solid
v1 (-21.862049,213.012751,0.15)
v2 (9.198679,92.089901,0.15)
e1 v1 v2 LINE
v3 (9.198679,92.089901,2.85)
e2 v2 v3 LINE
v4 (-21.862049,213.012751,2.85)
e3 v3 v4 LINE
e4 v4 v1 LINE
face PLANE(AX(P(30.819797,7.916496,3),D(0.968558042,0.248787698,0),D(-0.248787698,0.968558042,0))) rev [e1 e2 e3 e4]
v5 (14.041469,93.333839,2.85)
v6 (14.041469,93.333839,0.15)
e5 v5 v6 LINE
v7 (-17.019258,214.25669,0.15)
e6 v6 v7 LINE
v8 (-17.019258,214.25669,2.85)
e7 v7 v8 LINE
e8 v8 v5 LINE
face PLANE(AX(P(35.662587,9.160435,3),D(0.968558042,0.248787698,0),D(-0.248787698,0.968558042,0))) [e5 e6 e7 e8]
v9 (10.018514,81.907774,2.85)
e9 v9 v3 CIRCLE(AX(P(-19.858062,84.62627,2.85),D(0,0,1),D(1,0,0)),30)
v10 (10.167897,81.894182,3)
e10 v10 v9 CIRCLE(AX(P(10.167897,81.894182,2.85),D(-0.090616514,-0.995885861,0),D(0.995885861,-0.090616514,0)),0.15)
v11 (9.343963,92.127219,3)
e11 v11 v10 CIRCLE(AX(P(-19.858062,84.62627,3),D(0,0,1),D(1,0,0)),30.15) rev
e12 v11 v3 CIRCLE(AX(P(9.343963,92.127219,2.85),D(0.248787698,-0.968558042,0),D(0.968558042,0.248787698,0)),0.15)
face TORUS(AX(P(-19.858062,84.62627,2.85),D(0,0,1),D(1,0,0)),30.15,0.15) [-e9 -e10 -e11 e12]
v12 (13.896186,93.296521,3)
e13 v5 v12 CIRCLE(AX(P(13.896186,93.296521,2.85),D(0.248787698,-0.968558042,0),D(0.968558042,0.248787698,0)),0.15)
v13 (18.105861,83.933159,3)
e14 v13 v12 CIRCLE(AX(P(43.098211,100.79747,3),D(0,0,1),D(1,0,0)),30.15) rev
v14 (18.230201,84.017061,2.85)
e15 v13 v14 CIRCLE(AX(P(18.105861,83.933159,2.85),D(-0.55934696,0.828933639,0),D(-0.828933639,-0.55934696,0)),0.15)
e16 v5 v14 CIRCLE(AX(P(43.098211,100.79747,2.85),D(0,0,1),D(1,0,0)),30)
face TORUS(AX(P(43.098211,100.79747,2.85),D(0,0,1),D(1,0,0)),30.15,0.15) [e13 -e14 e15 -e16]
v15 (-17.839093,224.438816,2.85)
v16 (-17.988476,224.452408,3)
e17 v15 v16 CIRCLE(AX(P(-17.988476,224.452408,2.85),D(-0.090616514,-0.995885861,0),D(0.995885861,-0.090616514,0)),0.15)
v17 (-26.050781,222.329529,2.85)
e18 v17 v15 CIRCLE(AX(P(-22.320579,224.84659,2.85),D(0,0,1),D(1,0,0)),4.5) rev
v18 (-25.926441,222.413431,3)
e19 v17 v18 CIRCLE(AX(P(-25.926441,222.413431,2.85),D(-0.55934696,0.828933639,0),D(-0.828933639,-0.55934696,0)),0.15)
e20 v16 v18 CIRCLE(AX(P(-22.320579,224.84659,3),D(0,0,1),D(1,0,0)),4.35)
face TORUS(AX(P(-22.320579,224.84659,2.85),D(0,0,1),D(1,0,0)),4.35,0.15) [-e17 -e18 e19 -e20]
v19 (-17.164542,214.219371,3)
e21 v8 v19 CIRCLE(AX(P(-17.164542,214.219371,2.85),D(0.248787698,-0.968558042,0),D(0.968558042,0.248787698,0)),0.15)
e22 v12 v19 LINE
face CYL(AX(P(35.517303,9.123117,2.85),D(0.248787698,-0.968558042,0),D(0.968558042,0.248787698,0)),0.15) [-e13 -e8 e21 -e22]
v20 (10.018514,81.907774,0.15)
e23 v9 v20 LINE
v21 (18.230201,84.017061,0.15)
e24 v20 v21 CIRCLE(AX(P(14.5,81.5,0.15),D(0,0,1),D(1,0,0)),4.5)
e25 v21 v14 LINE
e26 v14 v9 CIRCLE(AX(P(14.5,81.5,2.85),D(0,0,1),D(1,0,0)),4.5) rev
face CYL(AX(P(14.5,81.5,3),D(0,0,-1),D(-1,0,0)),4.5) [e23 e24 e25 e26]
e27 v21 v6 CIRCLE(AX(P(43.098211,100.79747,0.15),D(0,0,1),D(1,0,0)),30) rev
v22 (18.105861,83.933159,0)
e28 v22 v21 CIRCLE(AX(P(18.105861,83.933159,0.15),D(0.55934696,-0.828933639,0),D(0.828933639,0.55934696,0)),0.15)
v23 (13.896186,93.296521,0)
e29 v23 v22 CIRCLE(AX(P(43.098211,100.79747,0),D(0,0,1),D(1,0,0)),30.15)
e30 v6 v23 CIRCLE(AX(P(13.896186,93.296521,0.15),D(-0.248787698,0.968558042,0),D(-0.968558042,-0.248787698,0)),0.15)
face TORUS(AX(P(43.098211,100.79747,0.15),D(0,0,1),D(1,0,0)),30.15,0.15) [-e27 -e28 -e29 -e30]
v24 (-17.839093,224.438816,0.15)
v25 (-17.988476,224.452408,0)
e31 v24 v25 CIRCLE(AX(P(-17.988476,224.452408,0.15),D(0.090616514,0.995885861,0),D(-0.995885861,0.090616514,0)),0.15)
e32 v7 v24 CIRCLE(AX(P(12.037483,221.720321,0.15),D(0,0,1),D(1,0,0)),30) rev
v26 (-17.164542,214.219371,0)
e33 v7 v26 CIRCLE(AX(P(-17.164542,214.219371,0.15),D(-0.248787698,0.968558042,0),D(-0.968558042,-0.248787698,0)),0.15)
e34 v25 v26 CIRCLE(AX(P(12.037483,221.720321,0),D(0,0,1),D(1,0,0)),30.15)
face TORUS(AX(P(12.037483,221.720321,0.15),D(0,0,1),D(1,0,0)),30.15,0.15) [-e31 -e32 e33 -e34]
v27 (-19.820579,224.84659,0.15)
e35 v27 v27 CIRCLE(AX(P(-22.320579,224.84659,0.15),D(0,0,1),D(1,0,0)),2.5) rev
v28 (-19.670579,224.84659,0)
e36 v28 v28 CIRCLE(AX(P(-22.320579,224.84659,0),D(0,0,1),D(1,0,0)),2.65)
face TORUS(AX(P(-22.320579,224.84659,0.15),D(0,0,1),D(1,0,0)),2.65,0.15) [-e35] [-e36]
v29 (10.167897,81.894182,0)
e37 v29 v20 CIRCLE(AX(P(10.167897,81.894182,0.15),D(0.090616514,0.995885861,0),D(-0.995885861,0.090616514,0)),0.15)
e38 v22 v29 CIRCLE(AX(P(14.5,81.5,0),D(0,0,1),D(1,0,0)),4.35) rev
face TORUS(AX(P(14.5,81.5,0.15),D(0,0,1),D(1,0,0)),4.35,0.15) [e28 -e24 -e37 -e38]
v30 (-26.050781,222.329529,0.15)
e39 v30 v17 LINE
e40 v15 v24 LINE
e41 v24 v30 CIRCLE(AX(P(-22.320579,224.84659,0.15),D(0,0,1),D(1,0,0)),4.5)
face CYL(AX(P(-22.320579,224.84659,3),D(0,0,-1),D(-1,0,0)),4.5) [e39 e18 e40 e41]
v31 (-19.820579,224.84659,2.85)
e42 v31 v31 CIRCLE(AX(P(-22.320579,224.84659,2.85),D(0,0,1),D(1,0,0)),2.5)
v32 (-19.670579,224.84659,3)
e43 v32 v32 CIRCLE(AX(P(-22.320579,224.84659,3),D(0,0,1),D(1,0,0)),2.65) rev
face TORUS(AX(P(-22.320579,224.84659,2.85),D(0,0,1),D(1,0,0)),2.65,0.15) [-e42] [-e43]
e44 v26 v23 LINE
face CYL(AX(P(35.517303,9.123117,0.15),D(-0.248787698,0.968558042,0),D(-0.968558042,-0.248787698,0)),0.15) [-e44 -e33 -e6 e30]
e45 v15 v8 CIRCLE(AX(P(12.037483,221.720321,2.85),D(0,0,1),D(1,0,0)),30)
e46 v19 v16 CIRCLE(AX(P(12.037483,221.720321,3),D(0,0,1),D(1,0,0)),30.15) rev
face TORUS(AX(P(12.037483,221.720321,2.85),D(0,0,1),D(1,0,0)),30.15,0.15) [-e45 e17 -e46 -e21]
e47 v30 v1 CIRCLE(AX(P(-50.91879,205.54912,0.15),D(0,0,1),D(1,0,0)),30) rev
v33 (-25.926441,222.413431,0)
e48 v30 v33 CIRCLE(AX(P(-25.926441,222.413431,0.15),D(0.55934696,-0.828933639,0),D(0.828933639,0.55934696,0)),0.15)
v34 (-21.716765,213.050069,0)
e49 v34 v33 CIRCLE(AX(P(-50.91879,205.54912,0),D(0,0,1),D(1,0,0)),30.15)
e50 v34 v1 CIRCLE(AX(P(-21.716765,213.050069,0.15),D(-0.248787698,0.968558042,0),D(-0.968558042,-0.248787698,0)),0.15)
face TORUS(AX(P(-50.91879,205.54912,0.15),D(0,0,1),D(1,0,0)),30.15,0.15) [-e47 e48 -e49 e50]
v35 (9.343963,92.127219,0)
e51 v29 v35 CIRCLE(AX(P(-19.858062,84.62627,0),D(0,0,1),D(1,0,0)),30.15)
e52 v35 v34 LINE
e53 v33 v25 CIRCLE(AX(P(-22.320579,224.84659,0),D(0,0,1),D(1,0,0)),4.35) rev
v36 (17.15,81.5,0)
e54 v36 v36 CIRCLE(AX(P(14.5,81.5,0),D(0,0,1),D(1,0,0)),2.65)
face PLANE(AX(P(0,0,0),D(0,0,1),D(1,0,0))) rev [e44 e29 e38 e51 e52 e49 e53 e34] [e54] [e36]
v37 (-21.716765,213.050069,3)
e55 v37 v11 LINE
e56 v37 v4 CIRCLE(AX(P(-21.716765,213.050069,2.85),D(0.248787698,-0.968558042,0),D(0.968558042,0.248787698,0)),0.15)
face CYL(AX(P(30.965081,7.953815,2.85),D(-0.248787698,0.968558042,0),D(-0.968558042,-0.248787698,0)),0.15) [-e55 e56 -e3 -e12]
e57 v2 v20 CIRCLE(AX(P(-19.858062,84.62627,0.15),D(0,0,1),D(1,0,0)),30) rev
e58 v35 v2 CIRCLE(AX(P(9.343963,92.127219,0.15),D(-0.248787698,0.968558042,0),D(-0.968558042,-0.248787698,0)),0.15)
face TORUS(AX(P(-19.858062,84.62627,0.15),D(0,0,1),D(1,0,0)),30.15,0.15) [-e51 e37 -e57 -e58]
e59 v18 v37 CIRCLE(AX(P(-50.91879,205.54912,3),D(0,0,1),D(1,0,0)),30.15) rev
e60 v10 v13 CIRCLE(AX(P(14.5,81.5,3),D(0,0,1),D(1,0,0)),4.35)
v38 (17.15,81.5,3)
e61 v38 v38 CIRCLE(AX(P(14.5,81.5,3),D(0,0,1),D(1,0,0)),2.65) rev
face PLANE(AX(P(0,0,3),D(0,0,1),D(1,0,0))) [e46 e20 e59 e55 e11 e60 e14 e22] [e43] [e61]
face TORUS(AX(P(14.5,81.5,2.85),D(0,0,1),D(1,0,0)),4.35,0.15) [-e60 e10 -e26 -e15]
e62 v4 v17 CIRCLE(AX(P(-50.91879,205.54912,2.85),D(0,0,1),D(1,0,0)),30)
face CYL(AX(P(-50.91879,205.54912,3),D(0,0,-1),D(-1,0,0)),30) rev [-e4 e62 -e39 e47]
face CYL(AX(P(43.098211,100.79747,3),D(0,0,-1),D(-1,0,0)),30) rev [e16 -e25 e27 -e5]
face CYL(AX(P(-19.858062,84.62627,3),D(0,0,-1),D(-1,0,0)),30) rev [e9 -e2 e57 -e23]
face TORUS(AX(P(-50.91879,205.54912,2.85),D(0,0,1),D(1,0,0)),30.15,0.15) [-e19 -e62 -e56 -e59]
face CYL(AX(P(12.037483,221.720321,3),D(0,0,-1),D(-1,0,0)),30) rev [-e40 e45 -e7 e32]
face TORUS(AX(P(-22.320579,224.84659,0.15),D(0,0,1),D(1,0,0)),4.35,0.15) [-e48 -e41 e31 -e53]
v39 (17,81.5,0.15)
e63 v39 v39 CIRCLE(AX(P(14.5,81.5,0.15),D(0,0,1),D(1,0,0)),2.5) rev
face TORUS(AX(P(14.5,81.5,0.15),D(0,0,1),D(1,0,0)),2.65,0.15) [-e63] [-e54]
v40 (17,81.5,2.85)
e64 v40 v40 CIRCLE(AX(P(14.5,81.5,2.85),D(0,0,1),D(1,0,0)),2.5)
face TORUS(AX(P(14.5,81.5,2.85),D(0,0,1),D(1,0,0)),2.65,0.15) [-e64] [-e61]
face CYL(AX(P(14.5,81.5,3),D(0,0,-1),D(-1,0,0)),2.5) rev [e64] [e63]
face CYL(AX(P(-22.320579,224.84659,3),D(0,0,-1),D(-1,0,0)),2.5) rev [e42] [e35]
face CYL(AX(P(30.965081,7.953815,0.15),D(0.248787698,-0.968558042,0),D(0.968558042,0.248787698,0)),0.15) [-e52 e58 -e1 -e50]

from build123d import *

# Parameters (mm, degrees)
BOSS_EXTRUDE1_DEPTH = 3
FILLET1_R           = 30
FILLET2_R           = 0.15


with BuildPart() as part:
    # Sketch1 → Boss-Extrude1 (new body)
    with BuildSketch(Plane.XY):
        with BuildLine():
            ThreePointArc((16.921395106, 82.121969245), (13.878030755, 83.921395106), (12.078604894, 80.878030755))
            Line((12.078604894, 80.878030755), (-24.741974394, 224.224621021))
            ThreePointArc((-24.741974394, 224.224621021), (-21.698610044, 222.42519516), (-19.899184183, 225.468559511))
            Line((-19.899184183, 225.468559511), (16.921395106, 82.121969245))
        make_face()
        with BuildLine():
            ThreePointArc((-24.741974394, 224.224621021), (-22.942548533, 227.267985372), (-19.899184183, 225.468559511))
            Line((-19.899184183, 225.468559511), (-18.968305855, 221.844547157))
            ThreePointArc((-18.968305855, 221.844547157), (-23.440123929, 229.205101456), (-23.811096067, 220.600608668))
            Line((-23.811096067, 220.600608668), (-24.741974394, 224.224621021))
        make_face()
        with BuildLine():
            ThreePointArc((11.147726567, 84.502043109), (15.619544641, 77.141488809), (15.990516778, 85.745981598))
            Line((15.990516778, 85.745981598), (16.921395106, 82.121969245))
            ThreePointArc((16.921395106, 82.121969245), (15.121969245, 79.078604894), (12.078604894, 80.878030755))
            Line((12.078604894, 80.878030755), (11.147726567, 84.502043109))
        make_face()
    extrude(amount=BOSS_EXTRUDE1_DEPTH)

    # Fillet1
    fillet1_edges = [part.edges().sort_by_distance(p)[0] for p in [
        (15.990516778, 85.745981598, 1.5),
        (11.147726567, 84.502043109, 1.5),
        (-23.811096067, 220.600608668, 1.5),
        (-18.968305855, 221.844547157, 1.5),
    ]]
    fillet(fillet1_edges, radius=FILLET1_R)

    # Fillet2
    fillet2_edges = [part.edges().sort_by_distance(p)[0] for p in [
        (-1.488894538, 153.795264378, 0),
        (-1.488894538, 153.795264378, 3),
        (15.619544641, 77.141488809, 0),
        (15.619544641, 77.141488809, 3),
        (12.078604894, 80.878030755, 3),
        (-6.33168475, 152.551325888, 0),
        (-6.33168475, 152.551325888, 3),
        (-23.440123929, 229.205101456, 0),
        (-23.440123929, 229.205101456, 3),
        (15.73637098, 88.495854984, 0),
        (15.73637098, 88.495854984, 3),
        (10.045163223, 87.033988566, 0),
        (10.045163223, 87.033988566, 3),
        (-23.556950269, 217.850735282, 0),
        (-19.899184183, 225.468559511, 3),
        (-23.556950269, 217.850735282, 3),
        (-17.865742511, 219.3126017, 0),
        (-17.865742511, 219.3126017, 3),
        (-19.899184183, 225.468559511, 0),
        (12.078604894, 80.878030755, 0),
    ]]
    fillet(fillet2_edges, radius=FILLET2_R)


solid = part.part
